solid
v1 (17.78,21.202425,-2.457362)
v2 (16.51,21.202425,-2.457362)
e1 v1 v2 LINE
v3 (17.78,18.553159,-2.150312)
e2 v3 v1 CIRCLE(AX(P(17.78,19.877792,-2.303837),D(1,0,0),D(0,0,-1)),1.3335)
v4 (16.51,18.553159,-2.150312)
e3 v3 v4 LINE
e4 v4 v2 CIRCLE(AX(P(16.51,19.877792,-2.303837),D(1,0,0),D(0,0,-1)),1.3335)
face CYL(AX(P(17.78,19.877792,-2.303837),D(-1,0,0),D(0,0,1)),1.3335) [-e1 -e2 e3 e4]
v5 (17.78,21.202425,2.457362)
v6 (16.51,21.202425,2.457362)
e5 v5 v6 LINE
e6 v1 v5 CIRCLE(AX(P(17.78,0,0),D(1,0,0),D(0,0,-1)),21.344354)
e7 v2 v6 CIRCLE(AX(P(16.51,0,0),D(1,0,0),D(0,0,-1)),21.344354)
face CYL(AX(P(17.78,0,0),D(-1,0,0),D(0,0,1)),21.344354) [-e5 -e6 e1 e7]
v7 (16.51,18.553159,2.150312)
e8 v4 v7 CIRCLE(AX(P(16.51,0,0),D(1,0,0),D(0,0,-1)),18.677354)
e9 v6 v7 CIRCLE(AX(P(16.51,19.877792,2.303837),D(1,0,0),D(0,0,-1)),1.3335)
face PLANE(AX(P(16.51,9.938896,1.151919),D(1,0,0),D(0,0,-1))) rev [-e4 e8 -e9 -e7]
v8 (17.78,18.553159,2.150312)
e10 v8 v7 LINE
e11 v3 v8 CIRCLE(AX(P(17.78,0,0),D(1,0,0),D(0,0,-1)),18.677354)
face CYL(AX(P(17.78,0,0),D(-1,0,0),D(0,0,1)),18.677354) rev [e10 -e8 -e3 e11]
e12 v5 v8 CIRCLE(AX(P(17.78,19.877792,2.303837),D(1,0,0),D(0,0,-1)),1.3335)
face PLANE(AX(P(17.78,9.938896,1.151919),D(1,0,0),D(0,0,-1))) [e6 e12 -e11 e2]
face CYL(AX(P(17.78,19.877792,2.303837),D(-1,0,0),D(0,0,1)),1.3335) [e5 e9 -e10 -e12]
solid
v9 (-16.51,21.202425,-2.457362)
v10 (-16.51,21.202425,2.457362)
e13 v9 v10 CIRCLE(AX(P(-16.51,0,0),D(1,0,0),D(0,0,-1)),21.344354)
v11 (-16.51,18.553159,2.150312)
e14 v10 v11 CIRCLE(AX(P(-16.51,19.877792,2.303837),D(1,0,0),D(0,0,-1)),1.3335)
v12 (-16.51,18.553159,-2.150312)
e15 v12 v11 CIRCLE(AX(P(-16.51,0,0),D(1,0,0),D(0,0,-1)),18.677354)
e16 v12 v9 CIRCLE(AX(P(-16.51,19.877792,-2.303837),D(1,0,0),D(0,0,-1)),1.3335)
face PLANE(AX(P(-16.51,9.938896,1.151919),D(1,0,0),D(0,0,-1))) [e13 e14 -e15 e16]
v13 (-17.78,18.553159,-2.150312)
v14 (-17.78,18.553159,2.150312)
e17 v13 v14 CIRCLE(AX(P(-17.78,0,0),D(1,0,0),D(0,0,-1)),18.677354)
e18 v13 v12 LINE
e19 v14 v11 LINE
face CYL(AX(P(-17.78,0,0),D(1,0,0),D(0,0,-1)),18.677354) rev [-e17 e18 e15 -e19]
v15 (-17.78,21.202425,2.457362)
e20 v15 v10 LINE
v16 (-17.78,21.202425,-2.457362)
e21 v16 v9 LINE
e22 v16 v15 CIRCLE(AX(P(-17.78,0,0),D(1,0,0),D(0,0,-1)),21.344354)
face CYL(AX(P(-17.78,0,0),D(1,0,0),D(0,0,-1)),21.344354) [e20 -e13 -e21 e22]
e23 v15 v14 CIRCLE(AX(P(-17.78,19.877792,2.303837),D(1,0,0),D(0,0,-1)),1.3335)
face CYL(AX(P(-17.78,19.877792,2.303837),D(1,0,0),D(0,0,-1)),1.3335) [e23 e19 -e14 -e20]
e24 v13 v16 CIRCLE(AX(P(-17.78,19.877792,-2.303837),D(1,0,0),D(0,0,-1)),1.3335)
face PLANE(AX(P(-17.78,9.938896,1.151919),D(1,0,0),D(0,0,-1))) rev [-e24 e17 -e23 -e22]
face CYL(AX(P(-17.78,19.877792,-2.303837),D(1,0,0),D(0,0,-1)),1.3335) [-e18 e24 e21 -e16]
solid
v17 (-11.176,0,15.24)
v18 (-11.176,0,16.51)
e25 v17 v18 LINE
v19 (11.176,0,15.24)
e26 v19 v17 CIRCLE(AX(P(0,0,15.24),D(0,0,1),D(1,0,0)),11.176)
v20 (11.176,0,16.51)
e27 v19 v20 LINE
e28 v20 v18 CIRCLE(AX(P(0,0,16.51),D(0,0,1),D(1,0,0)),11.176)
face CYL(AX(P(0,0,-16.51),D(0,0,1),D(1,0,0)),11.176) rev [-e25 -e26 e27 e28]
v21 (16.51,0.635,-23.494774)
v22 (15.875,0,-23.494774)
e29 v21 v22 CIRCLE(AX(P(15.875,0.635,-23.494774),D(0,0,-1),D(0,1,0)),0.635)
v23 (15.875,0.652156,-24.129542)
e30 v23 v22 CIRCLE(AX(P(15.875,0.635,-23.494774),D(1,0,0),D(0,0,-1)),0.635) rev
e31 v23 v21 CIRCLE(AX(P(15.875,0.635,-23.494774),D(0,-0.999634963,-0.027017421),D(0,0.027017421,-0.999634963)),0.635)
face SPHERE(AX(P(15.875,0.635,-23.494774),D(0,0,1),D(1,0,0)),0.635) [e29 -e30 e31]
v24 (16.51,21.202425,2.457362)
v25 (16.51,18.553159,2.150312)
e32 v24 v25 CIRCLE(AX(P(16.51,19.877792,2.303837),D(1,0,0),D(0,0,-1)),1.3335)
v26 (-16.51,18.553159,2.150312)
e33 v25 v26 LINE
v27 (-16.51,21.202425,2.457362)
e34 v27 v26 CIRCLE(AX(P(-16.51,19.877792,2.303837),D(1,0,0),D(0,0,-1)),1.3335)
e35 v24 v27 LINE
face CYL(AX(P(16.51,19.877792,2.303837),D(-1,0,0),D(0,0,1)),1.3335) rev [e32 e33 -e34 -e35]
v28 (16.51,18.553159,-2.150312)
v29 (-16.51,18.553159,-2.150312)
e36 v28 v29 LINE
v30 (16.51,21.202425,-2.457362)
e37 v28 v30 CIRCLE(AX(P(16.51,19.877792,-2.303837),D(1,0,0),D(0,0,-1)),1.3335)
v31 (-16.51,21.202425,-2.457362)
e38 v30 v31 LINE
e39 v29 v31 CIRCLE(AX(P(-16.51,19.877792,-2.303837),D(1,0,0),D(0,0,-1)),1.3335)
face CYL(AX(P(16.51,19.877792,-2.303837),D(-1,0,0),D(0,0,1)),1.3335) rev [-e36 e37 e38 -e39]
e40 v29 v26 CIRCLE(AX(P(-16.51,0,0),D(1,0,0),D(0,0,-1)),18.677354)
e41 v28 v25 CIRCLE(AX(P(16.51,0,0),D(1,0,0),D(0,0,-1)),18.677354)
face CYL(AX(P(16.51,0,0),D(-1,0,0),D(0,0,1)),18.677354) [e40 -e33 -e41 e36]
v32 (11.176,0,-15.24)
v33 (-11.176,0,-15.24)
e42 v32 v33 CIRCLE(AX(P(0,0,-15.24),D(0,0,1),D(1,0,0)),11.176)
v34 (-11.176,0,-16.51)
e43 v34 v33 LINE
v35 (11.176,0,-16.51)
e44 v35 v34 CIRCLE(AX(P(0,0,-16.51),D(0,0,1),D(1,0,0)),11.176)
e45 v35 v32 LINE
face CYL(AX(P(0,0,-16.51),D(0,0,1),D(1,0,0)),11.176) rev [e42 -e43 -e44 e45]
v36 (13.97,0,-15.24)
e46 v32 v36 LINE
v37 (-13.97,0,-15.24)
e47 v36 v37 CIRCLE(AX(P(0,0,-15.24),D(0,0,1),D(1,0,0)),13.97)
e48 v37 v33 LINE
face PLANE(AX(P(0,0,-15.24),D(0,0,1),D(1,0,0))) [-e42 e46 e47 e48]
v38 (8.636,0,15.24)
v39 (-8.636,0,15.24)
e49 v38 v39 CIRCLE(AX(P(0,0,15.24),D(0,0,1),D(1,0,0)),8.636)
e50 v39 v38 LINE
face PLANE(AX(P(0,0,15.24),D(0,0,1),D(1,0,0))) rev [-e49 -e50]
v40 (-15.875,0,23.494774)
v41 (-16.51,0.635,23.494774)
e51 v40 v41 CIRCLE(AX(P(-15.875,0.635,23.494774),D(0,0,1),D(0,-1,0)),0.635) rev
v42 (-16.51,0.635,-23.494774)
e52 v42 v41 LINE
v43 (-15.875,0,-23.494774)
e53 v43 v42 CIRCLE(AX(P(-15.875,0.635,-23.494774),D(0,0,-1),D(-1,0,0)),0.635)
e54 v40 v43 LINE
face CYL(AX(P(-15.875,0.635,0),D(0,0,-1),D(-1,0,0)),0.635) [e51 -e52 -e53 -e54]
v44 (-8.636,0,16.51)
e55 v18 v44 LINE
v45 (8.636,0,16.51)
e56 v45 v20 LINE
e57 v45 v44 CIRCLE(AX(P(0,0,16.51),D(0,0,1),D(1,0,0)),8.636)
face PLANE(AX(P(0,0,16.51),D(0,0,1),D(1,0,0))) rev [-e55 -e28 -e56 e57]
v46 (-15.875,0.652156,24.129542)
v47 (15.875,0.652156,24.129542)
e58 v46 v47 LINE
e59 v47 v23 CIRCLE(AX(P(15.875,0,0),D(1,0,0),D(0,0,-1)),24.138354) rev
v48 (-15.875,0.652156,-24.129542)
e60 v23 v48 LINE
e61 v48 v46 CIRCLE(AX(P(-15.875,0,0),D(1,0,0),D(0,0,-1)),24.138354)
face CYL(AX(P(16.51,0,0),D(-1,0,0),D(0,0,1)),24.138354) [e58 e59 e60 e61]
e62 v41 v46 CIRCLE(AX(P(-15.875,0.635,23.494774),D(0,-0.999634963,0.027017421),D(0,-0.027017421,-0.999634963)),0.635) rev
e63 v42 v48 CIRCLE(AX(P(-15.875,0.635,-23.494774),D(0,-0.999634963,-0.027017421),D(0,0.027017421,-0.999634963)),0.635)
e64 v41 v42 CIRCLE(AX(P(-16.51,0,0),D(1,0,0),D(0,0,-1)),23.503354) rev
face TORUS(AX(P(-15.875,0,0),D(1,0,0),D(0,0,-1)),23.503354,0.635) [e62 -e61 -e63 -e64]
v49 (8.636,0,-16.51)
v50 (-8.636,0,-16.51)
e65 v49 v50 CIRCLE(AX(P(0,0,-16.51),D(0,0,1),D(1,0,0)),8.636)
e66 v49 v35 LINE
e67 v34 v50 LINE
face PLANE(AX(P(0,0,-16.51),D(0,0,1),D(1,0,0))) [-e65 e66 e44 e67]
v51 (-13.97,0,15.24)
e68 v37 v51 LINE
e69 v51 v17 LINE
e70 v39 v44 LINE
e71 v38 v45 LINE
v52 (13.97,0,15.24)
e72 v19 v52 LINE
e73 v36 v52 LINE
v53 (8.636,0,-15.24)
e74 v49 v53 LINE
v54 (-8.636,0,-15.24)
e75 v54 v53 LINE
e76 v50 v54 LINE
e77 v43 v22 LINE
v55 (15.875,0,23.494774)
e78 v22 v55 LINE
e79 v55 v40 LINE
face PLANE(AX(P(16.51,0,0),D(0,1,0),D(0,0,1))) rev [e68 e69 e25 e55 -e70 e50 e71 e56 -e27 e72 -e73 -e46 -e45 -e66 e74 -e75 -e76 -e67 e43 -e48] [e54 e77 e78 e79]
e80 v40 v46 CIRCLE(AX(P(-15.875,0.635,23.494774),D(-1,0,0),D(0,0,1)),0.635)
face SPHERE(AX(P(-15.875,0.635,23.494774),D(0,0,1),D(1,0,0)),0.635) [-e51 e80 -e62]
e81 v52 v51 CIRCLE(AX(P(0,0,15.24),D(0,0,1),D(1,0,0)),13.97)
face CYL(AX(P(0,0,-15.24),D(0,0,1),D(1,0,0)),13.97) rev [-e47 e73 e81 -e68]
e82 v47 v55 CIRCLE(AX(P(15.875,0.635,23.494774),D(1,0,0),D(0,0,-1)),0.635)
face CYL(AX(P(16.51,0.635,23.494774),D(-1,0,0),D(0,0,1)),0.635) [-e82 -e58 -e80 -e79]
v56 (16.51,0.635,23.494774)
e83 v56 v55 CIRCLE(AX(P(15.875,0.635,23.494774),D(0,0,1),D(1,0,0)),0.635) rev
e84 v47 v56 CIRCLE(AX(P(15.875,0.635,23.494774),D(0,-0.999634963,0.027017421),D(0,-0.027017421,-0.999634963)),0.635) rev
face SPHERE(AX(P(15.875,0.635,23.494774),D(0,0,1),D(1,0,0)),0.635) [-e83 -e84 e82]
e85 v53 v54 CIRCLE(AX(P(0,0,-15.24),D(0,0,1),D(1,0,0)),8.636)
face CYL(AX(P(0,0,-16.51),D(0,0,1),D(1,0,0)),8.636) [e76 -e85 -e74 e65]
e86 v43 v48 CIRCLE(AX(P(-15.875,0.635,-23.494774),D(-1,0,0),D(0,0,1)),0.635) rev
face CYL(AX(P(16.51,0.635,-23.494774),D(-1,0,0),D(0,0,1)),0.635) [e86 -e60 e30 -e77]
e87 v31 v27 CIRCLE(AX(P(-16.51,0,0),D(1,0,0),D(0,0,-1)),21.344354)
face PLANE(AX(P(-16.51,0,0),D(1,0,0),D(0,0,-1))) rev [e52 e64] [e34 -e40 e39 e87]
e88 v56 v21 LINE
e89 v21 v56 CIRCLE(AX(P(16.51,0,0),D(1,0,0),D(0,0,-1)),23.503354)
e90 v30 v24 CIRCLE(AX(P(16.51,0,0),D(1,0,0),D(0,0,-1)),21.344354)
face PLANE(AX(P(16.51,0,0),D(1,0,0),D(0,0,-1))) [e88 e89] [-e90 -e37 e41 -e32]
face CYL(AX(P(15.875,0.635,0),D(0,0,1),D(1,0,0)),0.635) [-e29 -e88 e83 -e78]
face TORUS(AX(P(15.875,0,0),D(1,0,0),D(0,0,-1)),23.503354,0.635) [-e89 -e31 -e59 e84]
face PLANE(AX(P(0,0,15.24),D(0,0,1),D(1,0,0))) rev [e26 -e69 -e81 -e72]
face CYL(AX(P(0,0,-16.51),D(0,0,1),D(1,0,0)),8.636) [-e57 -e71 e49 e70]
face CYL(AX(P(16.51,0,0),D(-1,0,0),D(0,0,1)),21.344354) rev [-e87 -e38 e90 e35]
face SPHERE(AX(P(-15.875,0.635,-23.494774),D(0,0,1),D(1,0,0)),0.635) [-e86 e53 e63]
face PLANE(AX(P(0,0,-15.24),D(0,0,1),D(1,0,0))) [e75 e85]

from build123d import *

# Parameters (mm, degrees)
MAIN_BODY_EXTRUDE_DEPTH = 16.51
INNER_HINGE_CUT_DEPTH   = 15.24
GROOVE_CUT_DEPTH        = 16.51
SLOT_START              = 16.51
SLOT_1_EXTRUDE_DEPTH    = 1.27
SLOT_START_2            = -16.51
SLOT_2_EXTRUDE_DEPTH    = 1.27
FILLET1_R               = 0.635


with BuildPart() as part:
    # Sketch6 → Main Body Extrude (new body, symmetric)
    with BuildSketch(Plane(origin=(0, 0, 0), x_dir=(0, 0, -1), z_dir=(1, 0, 0))):
        with BuildLine():
            ThreePointArc((24.138353817, 0), (0, 24.138353817), (-24.138353817, 0))
            Line((-24.138353817, 0), (24.138353817, 0))
        make_face()
        with BuildLine():
            ThreePointArc((2.45736216, 21.202424651), (3.628470035, 19.724266728), (2.150312111, 18.553158853))
            ThreePointArc((2.150312111, 18.553158853), (0, 18.677353817), (-2.150312111, 18.553158853))
            ThreePointArc((-2.150312111, 18.553158853), (-3.628470035, 19.724266728), (-2.45736216, 21.202424651))
            ThreePointArc((-2.45736216, 21.202424651), (0, 21.344353817), (2.45736216, 21.202424651))
        make_face(mode=Mode.SUBTRACT)
    extrude(amount=MAIN_BODY_EXTRUDE_DEPTH, both=True)

    # Sketch5<16> → Inner Hinge Cut (cut, symmetric)
    with BuildSketch(Plane.XY):
        with BuildLine():
            ThreePointArc((13.97, 0), (0, 13.97), (-13.97, 0))
            Line((-13.97, 0), (-12.7, 0))
            ThreePointArc((-12.7, 0), (0, 12.7), (12.7, 0))
            Line((12.7, 0), (13.97, 0))
        make_face()
        with BuildLine():
            ThreePointArc((12.446, 0), (0, 12.446), (-12.446, 0))
            Line((-12.446, 0), (-11.176, 0))
            ThreePointArc((-11.176, 0), (0, 11.176), (11.176, 0))
            Line((11.176, 0), (12.446, 0))
        make_face()
        with BuildLine():
            ThreePointArc((11.176, 0), (0, 11.176), (-11.176, 0))
            Line((-11.176, 0), (-8.636, 0))
            ThreePointArc((-8.636, 0), (0, 8.636), (8.636, 0))
            Line((8.636, 0), (11.176, 0))
        make_face()
        with BuildLine():
            ThreePointArc((8.636, 0), (0, 8.636), (-8.636, 0))
            Line((-8.636, 0), (8.636, 0))
        make_face()
        with BuildLine():
            ThreePointArc((12.7, 0), (0, 12.7), (-12.7, 0))
            Line((-12.7, 0), (-12.446, 0))
            ThreePointArc((-12.446, 0), (0, 12.446), (12.446, 0))
            Line((12.446, 0), (12.7, 0))
        make_face()
    extrude(amount=INNER_HINGE_CUT_DEPTH, both=True, mode=Mode.SUBTRACT)

    # Sketch5 → Groove Cut (cut, symmetric)
    with BuildSketch(Plane.XY):
        with BuildLine():
            ThreePointArc((11.176, 0), (0, 11.176), (-11.176, 0))
            Line((-11.176, 0), (-8.636, 0))
            ThreePointArc((-8.636, 0), (0, 8.636), (8.636, 0))
            Line((8.636, 0), (11.176, 0))
        make_face()
    extrude(amount=GROOVE_CUT_DEPTH, both=True, mode=Mode.SUBTRACT)

    # Fillet1
    fillet1_edges = [part.edges().sort_by_distance(p)[0] for p in [
        (0, 0, -24.138353817),
        (0, 0, 24.138353817),
        (16.51, 24.138353817, 0),
        (16.51, 0, 0),
        (-16.51, 0, 0),
        (-16.51, 24.138353817, 0),
    ]]
    fillet(fillet1_edges, radius=FILLET1_R)


with BuildPart() as body_2:
    # Sketch6<5> → Slot 1 Extrude (new body)
    with BuildSketch(Plane(origin=(0, 0, 0), x_dir=(0, 0, -1), z_dir=(1, 0, 0)).offset(SLOT_START)):
        with BuildLine():
            ThreePointArc((2.45736216, 21.202424651), (0, 21.344353817), (-2.45736216, 21.202424651))
            ThreePointArc((-2.45736216, 21.202424651), (-3.628470035, 19.724266728), (-2.150312111, 18.553158853))
            ThreePointArc((-2.150312111, 18.553158853), (0, 18.677353817), (2.150312111, 18.553158853))
            ThreePointArc((2.150312111, 18.553158853), (3.628470035, 19.724266728), (2.45736216, 21.202424651))
        make_face()
    extrude(amount=SLOT_1_EXTRUDE_DEPTH)


with BuildPart() as body_3:
    # Sketch6<6> → Slot 2 Extrude (new body)
    with BuildSketch(Plane(origin=(0, 0, 0), x_dir=(0, 0, -1), z_dir=(1, 0, 0)).offset(SLOT_START_2)):
        with BuildLine():
            ThreePointArc((2.45736216, 21.202424651), (0, 21.344353817), (-2.45736216, 21.202424651))
            ThreePointArc((-2.45736216, 21.202424651), (-3.628470035, 19.724266728), (-2.150312111, 18.553158853))
            ThreePointArc((-2.150312111, 18.553158853), (0, 18.677353817), (2.150312111, 18.553158853))
            ThreePointArc((2.150312111, 18.553158853), (3.628470035, 19.724266728), (2.45736216, 21.202424651))
        make_face()
    extrude(amount=-SLOT_2_EXTRUDE_DEPTH)


solid = Compound([part.part, body_2.part, body_3.part])
